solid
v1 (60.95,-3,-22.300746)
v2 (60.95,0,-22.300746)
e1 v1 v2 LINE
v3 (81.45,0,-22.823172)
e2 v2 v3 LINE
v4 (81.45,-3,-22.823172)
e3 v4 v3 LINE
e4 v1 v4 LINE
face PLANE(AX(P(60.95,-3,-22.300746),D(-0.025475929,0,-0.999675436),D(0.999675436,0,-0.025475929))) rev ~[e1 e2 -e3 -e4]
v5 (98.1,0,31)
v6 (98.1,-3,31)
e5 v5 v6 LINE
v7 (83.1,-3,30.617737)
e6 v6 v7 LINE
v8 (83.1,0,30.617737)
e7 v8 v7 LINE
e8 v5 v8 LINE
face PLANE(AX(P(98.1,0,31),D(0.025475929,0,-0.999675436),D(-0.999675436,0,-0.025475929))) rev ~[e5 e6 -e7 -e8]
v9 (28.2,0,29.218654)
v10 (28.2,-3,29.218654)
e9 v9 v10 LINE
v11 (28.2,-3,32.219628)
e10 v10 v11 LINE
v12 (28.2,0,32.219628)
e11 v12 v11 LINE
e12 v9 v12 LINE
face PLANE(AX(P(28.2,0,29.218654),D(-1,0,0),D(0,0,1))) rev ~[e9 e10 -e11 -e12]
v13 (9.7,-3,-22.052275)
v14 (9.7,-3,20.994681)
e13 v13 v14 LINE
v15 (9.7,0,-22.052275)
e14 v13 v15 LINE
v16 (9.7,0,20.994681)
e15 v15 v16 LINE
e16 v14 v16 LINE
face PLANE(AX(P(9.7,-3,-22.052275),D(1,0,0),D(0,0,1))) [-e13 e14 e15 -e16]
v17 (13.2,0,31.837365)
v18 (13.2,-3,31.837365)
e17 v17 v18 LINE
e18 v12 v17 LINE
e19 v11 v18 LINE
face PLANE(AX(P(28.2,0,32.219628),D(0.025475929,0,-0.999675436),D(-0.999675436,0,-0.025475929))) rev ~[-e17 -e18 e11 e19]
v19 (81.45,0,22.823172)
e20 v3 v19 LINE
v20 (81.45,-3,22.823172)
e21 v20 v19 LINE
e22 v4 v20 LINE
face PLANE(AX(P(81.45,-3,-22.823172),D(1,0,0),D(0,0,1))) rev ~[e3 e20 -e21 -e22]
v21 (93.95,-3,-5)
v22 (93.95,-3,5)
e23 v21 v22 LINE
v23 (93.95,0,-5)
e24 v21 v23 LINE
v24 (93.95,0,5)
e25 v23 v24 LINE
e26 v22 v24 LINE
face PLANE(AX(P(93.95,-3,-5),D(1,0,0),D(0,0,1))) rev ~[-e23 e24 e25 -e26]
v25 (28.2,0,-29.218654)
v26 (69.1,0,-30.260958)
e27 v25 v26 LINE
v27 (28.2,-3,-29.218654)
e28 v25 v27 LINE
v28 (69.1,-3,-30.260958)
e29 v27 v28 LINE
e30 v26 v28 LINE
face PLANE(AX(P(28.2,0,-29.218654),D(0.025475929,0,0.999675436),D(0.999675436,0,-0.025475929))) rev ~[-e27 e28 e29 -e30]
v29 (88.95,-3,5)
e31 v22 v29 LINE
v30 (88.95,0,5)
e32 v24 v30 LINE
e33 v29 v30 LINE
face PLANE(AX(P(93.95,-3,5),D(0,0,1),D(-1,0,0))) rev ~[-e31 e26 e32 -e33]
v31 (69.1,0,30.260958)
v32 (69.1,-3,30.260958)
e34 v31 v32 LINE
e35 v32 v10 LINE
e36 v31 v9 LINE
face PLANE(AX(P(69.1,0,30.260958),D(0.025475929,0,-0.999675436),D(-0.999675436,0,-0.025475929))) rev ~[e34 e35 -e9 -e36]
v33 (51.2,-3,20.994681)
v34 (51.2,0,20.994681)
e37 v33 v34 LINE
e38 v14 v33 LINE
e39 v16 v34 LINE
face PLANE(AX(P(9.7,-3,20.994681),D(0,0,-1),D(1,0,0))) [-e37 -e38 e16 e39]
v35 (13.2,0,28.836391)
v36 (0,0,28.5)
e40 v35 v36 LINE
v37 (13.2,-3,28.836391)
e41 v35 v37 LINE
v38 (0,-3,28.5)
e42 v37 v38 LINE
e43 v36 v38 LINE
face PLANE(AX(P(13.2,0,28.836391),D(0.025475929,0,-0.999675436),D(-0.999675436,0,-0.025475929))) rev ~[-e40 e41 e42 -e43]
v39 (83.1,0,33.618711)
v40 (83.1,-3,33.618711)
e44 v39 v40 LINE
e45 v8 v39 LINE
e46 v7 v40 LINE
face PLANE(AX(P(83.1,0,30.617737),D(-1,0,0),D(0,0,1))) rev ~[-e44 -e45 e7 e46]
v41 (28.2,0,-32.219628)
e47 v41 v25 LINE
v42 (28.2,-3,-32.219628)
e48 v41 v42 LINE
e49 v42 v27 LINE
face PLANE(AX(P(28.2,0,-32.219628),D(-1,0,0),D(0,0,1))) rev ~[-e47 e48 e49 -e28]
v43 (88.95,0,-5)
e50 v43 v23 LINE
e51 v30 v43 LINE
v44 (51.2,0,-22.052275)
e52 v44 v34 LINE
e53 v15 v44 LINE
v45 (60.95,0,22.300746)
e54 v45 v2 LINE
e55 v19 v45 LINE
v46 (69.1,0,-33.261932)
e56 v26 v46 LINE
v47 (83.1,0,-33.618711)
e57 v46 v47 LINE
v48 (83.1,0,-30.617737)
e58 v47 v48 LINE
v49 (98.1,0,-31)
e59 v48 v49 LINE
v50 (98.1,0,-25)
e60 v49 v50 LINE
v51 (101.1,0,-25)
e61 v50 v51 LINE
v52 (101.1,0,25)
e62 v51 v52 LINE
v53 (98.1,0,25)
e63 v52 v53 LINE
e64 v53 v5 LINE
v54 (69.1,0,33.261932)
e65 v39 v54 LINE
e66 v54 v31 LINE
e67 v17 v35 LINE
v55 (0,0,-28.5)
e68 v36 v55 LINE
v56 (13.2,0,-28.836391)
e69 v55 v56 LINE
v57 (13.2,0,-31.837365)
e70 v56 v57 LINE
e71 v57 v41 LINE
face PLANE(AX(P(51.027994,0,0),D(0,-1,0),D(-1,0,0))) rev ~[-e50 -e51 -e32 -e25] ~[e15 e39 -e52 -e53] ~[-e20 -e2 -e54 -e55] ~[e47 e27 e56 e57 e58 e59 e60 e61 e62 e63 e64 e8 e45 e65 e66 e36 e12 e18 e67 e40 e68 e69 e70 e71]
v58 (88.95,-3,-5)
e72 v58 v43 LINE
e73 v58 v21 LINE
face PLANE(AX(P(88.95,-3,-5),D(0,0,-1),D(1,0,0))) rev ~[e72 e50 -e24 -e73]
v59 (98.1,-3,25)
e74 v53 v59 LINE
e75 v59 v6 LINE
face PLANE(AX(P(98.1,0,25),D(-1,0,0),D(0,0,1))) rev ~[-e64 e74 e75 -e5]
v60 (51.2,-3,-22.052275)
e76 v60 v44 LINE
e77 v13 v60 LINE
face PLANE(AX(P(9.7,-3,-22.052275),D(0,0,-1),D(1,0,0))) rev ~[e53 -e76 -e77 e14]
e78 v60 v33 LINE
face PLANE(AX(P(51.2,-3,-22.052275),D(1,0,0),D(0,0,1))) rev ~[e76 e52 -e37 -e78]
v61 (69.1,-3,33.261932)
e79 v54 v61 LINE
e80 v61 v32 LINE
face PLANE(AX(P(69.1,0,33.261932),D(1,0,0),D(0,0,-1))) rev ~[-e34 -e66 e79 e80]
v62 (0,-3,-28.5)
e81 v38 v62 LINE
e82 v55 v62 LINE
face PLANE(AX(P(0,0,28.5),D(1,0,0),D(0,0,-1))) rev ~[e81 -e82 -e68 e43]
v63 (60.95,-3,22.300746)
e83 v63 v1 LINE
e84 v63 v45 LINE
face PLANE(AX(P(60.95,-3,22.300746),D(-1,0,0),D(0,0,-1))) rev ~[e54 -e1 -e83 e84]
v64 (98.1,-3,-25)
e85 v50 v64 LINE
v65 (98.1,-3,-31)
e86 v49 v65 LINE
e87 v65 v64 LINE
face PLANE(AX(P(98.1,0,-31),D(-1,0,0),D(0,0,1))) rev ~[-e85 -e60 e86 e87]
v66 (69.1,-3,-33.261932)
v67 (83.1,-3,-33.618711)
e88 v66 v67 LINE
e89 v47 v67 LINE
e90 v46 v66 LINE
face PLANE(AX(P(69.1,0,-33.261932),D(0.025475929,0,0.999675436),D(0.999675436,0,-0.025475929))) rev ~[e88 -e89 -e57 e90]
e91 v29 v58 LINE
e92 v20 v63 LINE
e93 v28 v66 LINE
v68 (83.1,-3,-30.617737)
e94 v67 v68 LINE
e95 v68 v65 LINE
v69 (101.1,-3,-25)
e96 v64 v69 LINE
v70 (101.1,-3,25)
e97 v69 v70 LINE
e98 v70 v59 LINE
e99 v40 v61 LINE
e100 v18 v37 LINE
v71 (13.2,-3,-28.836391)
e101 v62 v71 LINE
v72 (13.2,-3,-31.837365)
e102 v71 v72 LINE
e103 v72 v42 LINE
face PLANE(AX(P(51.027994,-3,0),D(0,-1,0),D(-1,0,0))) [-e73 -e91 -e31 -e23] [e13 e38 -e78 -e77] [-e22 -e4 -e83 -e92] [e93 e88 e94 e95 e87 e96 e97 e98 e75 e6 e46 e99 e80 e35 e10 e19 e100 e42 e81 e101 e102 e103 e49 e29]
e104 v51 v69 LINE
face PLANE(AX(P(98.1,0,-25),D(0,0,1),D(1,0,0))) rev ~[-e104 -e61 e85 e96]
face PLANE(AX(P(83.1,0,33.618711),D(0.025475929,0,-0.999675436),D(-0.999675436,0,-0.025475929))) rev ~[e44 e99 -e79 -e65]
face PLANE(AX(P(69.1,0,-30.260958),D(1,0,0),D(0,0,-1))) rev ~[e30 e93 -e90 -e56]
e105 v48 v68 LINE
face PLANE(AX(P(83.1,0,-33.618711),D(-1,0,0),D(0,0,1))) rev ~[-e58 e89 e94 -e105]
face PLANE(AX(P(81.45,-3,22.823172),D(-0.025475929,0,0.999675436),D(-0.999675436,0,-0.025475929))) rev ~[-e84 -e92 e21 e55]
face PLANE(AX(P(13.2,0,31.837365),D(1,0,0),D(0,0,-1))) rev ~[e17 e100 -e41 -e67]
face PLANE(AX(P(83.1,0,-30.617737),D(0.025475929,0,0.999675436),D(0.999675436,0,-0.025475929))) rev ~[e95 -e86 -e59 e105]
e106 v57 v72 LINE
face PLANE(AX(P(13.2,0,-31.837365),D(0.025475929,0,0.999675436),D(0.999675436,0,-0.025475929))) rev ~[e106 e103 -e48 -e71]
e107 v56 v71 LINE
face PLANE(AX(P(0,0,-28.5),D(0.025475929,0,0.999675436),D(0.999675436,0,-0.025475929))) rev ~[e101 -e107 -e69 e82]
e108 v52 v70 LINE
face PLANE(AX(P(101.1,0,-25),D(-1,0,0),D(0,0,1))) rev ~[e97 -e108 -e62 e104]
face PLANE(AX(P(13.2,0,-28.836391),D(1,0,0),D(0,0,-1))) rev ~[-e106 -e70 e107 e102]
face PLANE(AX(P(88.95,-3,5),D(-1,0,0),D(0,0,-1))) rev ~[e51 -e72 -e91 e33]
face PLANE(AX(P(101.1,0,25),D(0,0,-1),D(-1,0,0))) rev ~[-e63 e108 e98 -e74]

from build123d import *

# Parameters (mm, degrees)
BOSS_EXTRUDE1_DEPTH = 3
SKETCH2_W           = 41.5
SKETCH2_H           = 43.04695539
CUT_EXTRUDE1_DEPTH  = 3


with BuildPart() as part:
    # Sketch1 → Boss-Extrude1 (new body)
    with BuildSketch(Plane(origin=(0, 0, 0), x_dir=(1, 0, 0), z_dir=(0, 1, 0))):
        Polygon((0, -28.5), (0, 28.5), (13.2, 28.836391437), (13.2, 31.837365446), (28.2, 32.219628443), (28.2, 29.218654434), (69.1, 30.260958206), (69.1, 33.261932214), (83.1, 33.618711012), (83.1, 30.617737003), (98.1, 31), (98.1, 25), (101.1, 25), (101.1, -25), (98.1, -25), (98.1, -31), (83.1, -30.617737003), (83.1, -33.618711012), (69.1, -33.261932214), (69.1, -30.260958206), (28.2, -29.218654434), (28.2, -32.219628443), (13.2, -31.837365446), (13.2, -28.836391437), align=None)
    extrude(amount=-BOSS_EXTRUDE1_DEPTH)

    # Sketch2 → Cut-Extrude1 (cut)
    with BuildSketch(Plane.XZ.offset(3)):
        Polygon((60.95, 22.300745789), (60.95, -22.300745789), (81.45, -22.823171885), (81.45, 22.823171885), align=None)
        Polygon((93.95, 0), (93.95, 5), (88.95, 5), (88.95, -5), (93.95, -5), align=None)
        with Locations((30.45, -0.528797146)):
            Rectangle(SKETCH2_W, SKETCH2_H)
    extrude(amount=-CUT_EXTRUDE1_DEPTH, mode=Mode.SUBTRACT)


solid = part.part
